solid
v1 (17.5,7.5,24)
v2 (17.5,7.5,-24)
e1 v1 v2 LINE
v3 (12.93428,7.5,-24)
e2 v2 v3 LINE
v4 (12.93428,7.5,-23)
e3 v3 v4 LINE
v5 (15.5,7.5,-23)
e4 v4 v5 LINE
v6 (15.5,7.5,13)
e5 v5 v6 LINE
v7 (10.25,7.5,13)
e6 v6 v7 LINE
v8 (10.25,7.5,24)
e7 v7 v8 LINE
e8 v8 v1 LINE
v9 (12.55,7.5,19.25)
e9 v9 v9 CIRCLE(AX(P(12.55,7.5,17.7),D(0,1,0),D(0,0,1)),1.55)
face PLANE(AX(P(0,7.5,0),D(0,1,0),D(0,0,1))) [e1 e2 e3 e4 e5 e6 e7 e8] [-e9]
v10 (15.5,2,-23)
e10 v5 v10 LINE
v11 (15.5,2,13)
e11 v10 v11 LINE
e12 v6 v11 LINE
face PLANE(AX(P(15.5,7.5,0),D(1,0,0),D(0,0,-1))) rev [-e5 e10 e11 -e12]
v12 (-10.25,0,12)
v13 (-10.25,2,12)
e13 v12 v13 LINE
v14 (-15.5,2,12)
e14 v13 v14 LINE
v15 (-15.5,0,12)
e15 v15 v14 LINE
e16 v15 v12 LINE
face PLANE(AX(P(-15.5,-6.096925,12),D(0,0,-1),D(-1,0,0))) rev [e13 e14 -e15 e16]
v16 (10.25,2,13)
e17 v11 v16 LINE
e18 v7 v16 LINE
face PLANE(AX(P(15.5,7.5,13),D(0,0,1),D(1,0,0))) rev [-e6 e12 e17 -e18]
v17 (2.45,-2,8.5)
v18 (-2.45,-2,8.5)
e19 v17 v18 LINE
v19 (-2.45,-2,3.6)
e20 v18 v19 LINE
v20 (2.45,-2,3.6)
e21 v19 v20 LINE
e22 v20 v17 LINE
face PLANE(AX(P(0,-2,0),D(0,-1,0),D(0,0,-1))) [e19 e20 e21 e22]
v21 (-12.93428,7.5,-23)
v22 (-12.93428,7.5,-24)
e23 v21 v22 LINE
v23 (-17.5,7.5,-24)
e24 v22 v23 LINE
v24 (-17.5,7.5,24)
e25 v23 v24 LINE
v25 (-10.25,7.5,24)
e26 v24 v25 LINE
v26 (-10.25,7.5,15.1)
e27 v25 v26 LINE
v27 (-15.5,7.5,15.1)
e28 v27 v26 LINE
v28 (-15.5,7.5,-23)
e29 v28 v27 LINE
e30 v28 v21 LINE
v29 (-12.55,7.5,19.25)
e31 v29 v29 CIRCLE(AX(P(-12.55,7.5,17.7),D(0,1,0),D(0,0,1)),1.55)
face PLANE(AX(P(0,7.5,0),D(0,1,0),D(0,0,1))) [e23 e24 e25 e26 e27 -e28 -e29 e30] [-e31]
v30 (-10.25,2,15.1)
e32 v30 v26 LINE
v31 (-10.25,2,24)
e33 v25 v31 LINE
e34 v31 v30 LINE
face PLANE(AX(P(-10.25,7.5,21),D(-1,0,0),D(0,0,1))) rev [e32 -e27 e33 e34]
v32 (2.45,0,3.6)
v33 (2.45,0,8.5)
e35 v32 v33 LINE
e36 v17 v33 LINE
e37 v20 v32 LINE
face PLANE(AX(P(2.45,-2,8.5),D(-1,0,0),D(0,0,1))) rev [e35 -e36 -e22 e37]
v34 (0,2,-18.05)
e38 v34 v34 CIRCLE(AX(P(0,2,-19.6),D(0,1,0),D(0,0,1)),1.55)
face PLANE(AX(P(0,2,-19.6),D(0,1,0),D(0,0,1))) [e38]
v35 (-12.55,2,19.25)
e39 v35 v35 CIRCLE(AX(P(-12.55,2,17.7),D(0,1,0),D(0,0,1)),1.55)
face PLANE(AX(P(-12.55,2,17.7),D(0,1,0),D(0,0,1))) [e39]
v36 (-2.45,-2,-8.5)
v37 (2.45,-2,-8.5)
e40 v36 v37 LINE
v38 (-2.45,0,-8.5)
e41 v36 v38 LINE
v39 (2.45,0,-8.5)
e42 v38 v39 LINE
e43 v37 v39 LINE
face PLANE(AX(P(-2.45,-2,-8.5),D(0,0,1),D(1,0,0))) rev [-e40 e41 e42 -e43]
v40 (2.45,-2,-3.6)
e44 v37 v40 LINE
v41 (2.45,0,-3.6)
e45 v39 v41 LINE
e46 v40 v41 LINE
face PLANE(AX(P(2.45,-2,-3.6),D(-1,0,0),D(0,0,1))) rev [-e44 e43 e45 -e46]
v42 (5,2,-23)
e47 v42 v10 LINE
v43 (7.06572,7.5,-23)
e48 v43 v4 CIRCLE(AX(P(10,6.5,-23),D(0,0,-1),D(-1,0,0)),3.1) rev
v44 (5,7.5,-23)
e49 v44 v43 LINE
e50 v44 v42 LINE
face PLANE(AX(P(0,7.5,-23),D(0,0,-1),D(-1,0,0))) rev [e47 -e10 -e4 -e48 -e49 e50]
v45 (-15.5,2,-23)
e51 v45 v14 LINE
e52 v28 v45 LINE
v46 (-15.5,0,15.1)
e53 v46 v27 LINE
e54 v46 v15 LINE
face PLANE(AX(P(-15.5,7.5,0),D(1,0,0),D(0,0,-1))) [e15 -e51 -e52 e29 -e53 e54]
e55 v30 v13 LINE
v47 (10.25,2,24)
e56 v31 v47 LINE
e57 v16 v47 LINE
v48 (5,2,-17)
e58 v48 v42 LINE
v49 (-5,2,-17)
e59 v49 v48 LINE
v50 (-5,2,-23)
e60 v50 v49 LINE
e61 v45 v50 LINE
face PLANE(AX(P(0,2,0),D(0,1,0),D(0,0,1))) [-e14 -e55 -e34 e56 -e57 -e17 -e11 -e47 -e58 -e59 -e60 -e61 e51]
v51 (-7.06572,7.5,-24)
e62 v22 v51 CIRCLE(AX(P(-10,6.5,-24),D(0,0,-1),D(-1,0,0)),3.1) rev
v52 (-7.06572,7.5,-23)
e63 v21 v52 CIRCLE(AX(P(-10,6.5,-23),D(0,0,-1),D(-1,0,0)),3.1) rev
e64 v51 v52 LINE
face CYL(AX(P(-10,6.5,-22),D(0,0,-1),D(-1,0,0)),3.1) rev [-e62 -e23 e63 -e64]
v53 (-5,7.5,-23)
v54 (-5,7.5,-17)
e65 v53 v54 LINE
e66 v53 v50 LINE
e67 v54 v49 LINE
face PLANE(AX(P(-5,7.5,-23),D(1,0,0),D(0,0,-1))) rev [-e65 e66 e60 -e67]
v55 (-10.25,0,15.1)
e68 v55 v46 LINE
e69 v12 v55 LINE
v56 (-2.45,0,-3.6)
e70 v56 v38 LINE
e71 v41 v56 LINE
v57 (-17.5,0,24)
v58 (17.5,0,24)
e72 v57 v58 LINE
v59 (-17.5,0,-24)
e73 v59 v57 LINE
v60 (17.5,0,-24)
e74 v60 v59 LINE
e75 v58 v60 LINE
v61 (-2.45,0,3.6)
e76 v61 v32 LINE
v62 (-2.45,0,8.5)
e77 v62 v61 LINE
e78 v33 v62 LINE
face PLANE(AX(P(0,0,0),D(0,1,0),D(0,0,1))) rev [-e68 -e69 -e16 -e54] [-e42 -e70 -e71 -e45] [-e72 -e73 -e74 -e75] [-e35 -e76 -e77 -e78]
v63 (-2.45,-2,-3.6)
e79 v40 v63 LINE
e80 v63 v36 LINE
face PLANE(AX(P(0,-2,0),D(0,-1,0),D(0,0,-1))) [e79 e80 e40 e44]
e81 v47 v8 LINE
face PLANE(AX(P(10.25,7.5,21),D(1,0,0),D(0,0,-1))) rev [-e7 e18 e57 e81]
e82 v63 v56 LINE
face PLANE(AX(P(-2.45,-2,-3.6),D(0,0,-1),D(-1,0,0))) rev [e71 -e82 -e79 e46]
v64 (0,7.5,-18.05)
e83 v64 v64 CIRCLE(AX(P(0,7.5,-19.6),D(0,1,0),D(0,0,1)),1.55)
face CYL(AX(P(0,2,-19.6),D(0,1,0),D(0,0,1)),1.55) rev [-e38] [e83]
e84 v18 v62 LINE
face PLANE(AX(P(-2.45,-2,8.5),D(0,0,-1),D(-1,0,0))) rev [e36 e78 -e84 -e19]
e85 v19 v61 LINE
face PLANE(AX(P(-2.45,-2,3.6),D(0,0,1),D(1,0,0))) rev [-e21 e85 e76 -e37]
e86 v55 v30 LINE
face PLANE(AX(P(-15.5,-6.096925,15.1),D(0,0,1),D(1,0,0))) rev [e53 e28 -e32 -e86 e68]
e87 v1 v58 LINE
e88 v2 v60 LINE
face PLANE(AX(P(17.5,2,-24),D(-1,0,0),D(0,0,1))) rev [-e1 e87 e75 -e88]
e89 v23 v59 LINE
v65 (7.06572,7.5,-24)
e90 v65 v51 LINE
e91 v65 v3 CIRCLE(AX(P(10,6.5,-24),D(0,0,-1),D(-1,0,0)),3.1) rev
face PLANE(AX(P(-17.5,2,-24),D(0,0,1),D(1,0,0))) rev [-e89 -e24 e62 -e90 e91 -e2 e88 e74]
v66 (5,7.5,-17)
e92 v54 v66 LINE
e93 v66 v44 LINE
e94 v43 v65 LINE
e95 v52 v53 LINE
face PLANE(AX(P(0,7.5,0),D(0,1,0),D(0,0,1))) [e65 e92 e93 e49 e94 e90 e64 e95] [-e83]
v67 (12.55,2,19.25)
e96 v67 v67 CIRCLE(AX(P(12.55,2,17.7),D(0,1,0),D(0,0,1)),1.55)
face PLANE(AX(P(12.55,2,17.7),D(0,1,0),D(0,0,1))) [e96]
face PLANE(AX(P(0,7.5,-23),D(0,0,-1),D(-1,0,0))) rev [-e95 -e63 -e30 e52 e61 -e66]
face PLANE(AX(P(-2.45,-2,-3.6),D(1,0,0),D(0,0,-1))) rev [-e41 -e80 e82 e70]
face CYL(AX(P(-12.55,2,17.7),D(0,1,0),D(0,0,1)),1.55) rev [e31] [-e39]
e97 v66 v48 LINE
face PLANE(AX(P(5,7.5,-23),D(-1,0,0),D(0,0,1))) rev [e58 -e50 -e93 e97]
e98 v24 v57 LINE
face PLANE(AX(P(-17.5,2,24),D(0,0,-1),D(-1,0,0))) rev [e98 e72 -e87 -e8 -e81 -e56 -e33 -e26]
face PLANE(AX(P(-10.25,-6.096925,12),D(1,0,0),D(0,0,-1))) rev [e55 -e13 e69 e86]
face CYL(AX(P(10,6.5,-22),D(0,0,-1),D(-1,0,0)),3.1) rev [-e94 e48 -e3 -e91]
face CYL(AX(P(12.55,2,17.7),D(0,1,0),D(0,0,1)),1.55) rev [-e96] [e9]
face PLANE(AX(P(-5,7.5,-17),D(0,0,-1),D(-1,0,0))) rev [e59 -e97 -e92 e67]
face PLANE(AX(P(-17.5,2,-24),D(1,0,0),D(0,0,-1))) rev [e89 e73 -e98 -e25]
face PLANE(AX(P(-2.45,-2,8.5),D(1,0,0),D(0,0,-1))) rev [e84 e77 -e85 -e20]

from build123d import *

# Parameters (mm, degrees)
SKETCH1_W           = 35
SKETCH1_H           = 48
BOSS_EXTRUDE1_DEPTH = 2
SKETCH2_W           = 35
SKETCH2_H           = 48
SKETCH2_W_2         = 31
SKETCH2_H_2         = 44
BOSS_EXTRUDE2_DEPTH = 5.5
SKETCH3_W           = 10
SKETCH3_H           = 6
SKETCH3_W_2         = 5.25
SKETCH3_H_2         = 8
BOSS_EXTRUDE3_DEPTH = 5.5
SKETCH4_W           = 20.5
SKETCH4_H           = 5.5
CUT_EXTRUDE1_DEPTH  = 3
SKETCH5_W           = 4.9
SKETCH5_H           = 4.9
BOSS_EXTRUDE4_DEPTH = 2
CUT_EXTRUDE2_DEPTH  = 2
CUT_EXTRUDE3_START  = -7.5
SKETCH7_W           = 5.25
SKETCH7_H           = 3.1
CUT_EXTRUDE3_DEPTH  = 7.5
CUT_EXTRUDE4_START  = 7.5
SKETCH8_R           = 1.55
CUT_EXTRUDE4_DEPTH  = 5.5


with BuildPart() as part:
    # Sketch1 → Boss-Extrude1 (new body)
    with BuildSketch(Plane(origin=(0, 0, 0), x_dir=(1, 0, 0), z_dir=(0, 1, 0))):
        Rectangle(SKETCH1_W, SKETCH1_H)
    extrude(amount=BOSS_EXTRUDE1_DEPTH)

    # Sketch2 → Boss-Extrude2 (add)
    with BuildSketch(Plane(origin=(0, 2, 0), x_dir=(1, 0, 0), z_dir=(0, 1, 0))):
        Rectangle(SKETCH2_W, SKETCH2_H)
        with Locations((0, 1)):
            Rectangle(SKETCH2_W_2, SKETCH2_H_2, mode=Mode.SUBTRACT)
    extrude(amount=BOSS_EXTRUDE2_DEPTH)

    # Sketch3 → Boss-Extrude3 (add)
    with BuildSketch(Plane(origin=(0, 2, 0), x_dir=(1, 0, 0), z_dir=(0, 1, 0))):
        with Locations((0, 20)):
            Rectangle(SKETCH3_W, SKETCH3_H)
        with Locations((-12.875, -17)):
            Rectangle(SKETCH3_W_2, SKETCH3_H_2)
        with Locations((12.875, -17)):
            Rectangle(SKETCH3_W_2, SKETCH3_H_2)
    extrude(amount=BOSS_EXTRUDE3_DEPTH)

    # Sketch4 → Cut-Extrude1 (cut)
    with BuildSketch(Plane.XY.offset(24)):
        with Locations((0, 4.75)):
            Rectangle(SKETCH4_W, SKETCH4_H)
    extrude(amount=-CUT_EXTRUDE1_DEPTH, mode=Mode.SUBTRACT)

    # Sketch5 → Boss-Extrude4 (add)
    with BuildSketch(Plane.XZ):
        with Locations((0, 6.05)):
            Rectangle(SKETCH5_W, SKETCH5_H)
        with Locations((0, -6.05)):
            Rectangle(SKETCH5_W, SKETCH5_H)
    extrude(amount=BOSS_EXTRUDE4_DEPTH)

    # Sketch6 → Cut-Extrude2 (cut)
    with BuildSketch(Plane(origin=(0, 0, -24), x_dir=(-1, 0, 0), z_dir=(0, 0, -1))):
        with BuildLine():
            ThreePointArc((-12.93428015, 7.5), (-10, 3.4), (-7.06571985, 7.5))
            Line((-7.06571985, 7.5), (-12.93428015, 7.5))
        make_face()
        with BuildLine():
            Line((12.93428015, 7.5), (7.06571985, 7.5))
            ThreePointArc((7.06571985, 7.5), (10, 3.4), (12.93428015, 7.5))
        make_face()
    extrude(amount=-CUT_EXTRUDE2_DEPTH, mode=Mode.SUBTRACT)

    # Sketch7 → Cut-Extrude3 (cut)
    with BuildSketch(Plane(origin=(0, 7.5, 0), x_dir=(1, 0, 0), z_dir=(0, 1, 0)).offset(CUT_EXTRUDE3_START)):
        with Locations((-12.875, -13.55)):
            Rectangle(SKETCH7_W, SKETCH7_H)
    extrude(amount=CUT_EXTRUDE3_DEPTH, mode=Mode.SUBTRACT)

    # Sketch8 → Cut-Extrude4 (cut)
    with BuildSketch(Plane(origin=(0, 0, 0), x_dir=(1, 0, 0), z_dir=(0, 1, 0)).offset(CUT_EXTRUDE4_START)):
        with Locations(Location((-12.55, -17.7, 0), (0, 0, 270))):
            Circle(SKETCH8_R)
        with Locations(Location((12.55, -17.7, 0), (0, 0, 270))):
            Circle(SKETCH8_R)
        with Locations(Location((0, 19.6, 0), (0, 0, 270))):
            Circle(SKETCH8_R)
    extrude(amount=-CUT_EXTRUDE4_DEPTH, mode=Mode.SUBTRACT)


solid = part.part
